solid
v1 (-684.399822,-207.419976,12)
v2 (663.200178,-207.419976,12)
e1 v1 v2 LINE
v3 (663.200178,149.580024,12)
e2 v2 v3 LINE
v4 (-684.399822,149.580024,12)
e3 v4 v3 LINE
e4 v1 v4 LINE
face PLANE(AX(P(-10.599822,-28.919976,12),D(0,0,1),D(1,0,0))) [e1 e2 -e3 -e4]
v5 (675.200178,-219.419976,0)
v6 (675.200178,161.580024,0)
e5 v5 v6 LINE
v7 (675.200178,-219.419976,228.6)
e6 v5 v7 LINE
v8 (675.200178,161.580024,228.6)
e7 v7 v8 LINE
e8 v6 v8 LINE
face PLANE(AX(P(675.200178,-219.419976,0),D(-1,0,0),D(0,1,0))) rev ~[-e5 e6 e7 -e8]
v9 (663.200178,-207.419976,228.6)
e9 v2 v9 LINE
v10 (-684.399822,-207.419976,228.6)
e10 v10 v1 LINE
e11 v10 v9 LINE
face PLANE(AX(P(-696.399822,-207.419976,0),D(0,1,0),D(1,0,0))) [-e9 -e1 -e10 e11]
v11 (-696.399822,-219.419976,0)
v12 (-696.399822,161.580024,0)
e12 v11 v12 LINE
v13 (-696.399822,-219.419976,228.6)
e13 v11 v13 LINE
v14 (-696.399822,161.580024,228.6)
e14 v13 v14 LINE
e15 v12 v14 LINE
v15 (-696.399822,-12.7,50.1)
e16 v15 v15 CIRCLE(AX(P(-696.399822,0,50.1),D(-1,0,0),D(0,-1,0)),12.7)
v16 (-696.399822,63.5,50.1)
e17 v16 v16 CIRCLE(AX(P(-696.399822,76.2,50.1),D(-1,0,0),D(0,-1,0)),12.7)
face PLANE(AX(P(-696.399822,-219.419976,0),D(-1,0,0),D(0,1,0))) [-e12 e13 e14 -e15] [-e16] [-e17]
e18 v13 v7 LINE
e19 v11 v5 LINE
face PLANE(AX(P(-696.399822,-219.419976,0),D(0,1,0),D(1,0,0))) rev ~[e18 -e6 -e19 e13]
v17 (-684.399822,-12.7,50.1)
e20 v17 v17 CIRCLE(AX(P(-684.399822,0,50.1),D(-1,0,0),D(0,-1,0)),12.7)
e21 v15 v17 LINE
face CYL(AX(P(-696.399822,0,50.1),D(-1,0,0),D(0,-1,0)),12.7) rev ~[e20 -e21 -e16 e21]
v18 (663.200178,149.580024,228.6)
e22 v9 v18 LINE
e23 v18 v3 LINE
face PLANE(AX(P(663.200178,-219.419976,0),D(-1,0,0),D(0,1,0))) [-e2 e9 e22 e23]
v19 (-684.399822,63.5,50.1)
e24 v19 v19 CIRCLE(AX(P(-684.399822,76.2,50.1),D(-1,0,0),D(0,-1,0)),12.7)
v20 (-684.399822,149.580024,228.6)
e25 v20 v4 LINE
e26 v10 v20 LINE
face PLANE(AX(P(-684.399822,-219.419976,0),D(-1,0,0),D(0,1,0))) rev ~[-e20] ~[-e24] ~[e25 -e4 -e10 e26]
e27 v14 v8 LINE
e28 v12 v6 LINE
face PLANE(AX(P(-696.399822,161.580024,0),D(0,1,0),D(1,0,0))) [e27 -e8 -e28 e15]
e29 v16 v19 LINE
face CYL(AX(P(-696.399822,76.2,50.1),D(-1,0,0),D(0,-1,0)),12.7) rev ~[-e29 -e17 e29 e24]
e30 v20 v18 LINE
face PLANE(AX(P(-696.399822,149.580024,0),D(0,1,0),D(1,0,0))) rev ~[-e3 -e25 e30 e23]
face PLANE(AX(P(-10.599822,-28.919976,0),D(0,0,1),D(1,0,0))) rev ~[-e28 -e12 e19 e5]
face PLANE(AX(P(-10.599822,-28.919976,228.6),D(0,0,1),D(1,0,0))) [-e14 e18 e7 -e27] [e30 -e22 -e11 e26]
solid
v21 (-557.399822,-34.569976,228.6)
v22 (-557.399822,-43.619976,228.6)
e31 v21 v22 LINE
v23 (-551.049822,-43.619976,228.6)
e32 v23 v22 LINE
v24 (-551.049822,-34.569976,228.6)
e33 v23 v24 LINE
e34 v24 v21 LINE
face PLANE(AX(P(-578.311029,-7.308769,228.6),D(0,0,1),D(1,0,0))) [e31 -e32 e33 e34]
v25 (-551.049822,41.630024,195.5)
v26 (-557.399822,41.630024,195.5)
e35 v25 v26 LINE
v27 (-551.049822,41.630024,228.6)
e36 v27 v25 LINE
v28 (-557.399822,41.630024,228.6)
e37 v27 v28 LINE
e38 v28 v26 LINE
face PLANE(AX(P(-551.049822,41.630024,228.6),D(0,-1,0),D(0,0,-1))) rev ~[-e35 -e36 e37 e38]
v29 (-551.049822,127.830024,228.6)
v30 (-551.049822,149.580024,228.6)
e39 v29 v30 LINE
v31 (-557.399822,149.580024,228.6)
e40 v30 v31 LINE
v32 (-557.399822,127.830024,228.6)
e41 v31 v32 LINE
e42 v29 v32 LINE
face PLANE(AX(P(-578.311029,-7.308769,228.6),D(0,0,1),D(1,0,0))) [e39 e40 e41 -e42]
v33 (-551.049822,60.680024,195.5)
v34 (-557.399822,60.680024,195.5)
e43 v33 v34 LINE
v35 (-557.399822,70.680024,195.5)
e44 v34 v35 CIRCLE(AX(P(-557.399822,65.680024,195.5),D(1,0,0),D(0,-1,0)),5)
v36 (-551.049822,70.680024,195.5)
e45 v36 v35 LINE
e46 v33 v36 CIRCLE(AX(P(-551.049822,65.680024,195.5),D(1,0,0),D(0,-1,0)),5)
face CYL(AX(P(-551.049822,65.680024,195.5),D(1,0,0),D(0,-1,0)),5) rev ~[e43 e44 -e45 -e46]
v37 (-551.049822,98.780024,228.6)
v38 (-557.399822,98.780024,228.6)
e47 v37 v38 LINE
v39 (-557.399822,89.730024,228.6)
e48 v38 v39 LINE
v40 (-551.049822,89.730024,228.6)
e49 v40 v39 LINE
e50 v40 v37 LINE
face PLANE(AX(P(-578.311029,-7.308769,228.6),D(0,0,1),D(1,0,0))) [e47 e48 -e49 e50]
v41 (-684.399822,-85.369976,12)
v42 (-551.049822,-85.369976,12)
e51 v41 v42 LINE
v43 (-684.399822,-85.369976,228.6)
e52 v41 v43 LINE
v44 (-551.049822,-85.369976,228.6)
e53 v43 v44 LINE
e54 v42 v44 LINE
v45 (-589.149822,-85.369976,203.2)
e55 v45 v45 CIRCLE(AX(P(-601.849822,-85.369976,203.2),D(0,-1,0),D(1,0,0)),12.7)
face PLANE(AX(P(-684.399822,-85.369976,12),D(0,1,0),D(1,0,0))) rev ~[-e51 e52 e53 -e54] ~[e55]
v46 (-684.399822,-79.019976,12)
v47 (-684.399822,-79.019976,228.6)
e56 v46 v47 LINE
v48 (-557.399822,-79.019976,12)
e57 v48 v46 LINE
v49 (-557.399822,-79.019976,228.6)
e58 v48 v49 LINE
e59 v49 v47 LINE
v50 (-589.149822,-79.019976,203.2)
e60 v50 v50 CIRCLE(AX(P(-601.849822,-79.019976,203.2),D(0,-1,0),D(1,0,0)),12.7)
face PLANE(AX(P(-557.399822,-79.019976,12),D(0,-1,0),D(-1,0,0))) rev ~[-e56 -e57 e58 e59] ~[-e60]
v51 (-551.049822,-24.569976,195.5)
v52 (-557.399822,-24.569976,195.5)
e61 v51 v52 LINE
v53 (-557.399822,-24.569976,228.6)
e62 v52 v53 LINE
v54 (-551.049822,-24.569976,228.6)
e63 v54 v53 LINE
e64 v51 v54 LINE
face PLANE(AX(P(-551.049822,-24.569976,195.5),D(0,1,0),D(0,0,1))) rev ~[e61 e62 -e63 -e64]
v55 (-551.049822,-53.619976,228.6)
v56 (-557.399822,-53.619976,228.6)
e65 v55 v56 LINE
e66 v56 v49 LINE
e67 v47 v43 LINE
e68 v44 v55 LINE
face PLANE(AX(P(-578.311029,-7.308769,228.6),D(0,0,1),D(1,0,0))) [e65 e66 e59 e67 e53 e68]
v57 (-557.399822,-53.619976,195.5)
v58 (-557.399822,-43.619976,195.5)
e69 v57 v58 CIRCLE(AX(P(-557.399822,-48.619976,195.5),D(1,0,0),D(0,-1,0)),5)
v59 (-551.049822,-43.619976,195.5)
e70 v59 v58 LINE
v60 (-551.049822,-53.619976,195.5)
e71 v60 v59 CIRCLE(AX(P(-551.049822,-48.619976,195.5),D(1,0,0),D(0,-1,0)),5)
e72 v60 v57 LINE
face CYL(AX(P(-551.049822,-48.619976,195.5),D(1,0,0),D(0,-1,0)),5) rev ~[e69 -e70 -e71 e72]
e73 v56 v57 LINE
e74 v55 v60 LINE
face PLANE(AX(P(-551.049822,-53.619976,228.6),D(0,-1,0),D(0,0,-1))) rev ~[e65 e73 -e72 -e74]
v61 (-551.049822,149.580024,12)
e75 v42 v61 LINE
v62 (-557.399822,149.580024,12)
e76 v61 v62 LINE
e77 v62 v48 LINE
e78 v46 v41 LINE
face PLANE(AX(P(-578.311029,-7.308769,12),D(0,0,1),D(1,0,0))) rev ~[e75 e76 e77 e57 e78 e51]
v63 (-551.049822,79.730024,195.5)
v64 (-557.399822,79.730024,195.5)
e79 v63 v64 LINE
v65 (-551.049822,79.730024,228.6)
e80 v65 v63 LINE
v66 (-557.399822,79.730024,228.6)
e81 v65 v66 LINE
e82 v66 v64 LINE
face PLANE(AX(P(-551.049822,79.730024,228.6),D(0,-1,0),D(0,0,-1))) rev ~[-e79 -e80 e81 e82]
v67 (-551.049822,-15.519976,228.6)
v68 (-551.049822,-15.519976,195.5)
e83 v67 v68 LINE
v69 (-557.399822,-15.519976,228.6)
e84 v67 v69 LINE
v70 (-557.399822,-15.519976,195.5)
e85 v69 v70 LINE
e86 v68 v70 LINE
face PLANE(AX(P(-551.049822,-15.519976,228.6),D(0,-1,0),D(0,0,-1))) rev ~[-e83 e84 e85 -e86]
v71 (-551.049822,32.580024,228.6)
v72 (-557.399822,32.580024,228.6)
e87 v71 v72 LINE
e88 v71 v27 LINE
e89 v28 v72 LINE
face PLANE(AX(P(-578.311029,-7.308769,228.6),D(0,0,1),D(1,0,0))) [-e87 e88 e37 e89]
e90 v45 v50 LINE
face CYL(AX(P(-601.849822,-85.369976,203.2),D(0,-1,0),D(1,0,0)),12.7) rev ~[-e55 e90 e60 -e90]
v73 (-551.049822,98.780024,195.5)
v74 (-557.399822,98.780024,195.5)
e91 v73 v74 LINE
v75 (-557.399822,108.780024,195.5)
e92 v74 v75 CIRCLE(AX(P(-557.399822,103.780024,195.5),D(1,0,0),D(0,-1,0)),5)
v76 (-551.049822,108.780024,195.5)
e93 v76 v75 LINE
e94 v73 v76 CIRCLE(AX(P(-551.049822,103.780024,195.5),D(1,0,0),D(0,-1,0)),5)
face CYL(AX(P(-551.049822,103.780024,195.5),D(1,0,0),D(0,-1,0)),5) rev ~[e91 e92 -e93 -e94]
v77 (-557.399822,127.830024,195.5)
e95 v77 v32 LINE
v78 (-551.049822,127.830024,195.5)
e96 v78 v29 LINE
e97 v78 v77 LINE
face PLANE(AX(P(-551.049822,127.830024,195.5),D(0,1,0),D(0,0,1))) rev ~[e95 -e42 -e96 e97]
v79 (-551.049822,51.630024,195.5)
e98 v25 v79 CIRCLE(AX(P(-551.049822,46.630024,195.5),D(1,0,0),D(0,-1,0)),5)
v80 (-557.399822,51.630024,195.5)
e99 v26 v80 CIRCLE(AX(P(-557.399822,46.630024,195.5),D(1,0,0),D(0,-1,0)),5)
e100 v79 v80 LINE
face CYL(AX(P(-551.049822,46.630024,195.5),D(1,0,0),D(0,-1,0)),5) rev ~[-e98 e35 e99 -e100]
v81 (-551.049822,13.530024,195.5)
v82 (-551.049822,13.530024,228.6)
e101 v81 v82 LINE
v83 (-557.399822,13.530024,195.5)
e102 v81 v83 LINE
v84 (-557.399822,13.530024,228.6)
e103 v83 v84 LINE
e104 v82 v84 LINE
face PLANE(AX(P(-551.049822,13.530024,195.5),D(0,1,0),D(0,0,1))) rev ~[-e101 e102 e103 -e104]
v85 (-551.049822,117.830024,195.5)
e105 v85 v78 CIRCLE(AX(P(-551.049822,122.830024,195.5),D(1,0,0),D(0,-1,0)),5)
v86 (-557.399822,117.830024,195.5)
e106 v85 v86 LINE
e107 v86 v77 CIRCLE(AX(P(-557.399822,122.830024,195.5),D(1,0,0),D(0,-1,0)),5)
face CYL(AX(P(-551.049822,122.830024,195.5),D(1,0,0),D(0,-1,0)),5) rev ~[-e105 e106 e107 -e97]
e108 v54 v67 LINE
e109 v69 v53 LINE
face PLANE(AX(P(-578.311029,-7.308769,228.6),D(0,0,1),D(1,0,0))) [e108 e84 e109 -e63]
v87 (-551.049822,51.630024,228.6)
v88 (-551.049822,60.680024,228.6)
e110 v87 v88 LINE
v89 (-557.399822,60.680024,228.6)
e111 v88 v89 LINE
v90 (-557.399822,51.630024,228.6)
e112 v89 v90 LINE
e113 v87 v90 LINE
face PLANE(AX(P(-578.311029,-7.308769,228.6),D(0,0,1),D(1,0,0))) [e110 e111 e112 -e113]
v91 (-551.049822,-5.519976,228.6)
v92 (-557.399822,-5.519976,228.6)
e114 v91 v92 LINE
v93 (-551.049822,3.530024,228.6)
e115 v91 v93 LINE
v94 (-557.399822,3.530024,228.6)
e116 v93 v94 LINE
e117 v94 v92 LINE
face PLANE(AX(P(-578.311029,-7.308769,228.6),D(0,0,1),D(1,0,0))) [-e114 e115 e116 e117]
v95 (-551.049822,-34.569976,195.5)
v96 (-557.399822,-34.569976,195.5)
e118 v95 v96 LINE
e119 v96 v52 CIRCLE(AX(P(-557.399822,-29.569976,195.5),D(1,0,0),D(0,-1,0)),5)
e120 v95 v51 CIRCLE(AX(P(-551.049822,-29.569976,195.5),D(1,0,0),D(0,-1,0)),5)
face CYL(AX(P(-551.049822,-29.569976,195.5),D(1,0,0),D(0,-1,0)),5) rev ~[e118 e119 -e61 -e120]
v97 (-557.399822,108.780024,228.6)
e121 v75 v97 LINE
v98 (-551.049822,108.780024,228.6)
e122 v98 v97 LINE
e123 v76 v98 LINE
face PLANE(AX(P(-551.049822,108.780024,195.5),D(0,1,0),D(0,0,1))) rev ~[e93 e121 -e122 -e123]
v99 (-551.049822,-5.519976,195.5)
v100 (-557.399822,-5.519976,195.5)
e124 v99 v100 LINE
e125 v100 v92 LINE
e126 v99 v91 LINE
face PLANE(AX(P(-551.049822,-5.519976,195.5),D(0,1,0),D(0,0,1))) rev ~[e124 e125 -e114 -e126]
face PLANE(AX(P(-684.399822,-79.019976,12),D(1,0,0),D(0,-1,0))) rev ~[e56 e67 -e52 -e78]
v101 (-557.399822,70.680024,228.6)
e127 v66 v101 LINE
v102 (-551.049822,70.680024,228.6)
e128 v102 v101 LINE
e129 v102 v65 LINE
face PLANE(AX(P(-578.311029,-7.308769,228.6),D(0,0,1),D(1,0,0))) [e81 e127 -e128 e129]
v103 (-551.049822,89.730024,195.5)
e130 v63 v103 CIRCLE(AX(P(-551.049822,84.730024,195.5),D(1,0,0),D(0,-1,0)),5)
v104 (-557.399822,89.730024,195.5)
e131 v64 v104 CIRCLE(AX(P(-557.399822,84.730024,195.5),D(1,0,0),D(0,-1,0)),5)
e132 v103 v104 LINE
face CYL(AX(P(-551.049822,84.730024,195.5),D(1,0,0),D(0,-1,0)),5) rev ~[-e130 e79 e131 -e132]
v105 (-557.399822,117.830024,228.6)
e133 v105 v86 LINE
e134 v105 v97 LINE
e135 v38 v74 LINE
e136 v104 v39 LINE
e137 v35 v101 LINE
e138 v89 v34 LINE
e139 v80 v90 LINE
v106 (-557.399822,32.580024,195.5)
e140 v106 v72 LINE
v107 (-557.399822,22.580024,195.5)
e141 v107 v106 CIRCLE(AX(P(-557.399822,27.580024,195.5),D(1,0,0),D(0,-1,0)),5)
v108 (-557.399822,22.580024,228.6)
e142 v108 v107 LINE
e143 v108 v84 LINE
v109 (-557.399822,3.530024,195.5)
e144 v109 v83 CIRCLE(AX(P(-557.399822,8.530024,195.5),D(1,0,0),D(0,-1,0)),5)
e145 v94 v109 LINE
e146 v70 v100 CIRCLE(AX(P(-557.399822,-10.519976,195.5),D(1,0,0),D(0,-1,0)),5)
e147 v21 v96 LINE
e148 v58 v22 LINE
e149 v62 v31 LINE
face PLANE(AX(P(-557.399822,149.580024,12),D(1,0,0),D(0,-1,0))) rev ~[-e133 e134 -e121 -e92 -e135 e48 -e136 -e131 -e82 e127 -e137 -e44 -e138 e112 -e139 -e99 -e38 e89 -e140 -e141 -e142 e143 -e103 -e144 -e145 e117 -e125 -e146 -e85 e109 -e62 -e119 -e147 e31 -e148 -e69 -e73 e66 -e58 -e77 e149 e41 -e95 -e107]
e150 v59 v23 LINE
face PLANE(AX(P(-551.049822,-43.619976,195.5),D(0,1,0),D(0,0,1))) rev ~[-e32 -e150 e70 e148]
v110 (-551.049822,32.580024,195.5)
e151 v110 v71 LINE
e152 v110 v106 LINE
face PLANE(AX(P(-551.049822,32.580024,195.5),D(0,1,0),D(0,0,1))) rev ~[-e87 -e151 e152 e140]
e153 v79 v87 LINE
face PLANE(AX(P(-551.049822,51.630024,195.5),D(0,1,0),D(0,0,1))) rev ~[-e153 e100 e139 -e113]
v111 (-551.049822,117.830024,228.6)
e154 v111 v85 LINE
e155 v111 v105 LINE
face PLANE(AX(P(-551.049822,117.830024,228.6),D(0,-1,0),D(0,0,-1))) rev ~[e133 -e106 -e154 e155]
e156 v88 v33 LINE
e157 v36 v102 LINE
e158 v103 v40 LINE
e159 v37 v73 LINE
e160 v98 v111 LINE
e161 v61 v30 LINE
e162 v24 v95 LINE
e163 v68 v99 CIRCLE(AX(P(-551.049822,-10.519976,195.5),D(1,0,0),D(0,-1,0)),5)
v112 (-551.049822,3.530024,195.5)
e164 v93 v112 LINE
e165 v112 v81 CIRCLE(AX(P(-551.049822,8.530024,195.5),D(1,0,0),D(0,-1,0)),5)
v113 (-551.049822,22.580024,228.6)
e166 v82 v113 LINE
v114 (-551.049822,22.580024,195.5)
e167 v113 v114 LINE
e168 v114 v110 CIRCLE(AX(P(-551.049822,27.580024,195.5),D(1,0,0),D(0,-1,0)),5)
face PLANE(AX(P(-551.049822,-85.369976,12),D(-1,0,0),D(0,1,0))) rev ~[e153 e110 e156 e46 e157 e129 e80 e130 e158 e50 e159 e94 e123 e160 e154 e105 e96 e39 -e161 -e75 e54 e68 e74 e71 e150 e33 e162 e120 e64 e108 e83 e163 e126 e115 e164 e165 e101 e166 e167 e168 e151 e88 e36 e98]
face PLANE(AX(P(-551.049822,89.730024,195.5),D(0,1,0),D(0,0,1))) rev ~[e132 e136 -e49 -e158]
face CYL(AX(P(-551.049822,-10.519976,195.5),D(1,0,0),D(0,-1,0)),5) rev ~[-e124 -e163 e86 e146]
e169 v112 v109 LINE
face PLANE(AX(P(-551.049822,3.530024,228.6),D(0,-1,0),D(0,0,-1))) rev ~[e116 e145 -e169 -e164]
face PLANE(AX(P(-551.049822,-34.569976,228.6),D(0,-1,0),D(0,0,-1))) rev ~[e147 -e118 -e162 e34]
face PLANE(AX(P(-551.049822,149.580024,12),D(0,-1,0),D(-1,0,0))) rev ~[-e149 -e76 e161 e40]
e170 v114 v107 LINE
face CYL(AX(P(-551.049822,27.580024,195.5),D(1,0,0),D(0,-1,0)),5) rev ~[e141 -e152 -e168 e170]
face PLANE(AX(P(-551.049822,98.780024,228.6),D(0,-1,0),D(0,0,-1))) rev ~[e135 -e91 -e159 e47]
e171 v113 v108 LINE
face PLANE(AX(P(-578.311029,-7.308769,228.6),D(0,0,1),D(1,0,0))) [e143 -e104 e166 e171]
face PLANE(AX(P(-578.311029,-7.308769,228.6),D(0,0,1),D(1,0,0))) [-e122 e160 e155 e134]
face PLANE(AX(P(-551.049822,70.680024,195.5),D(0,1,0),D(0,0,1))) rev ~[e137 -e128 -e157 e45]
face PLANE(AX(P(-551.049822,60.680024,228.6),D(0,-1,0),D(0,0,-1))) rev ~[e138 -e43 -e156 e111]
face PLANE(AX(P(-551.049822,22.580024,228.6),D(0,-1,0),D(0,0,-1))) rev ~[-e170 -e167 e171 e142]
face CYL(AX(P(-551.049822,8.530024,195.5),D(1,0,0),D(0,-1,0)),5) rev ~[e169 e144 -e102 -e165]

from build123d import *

# Parameters (mm, degrees)
F0_W      = 1371.6
F0_H      = 381
F1_DEPTH  = 228.6
F2_T      = -12
F4_DEPTH  = 216.6
F5_R      = 12.7
F6_DEPTH  = 25.4
F8_DEPTH  = 25.4
F9_R      = 12.7
F10_DEPTH = 25.4


with BuildPart() as f1:
    # F0 (on Top) → F1 (new body)
    with BuildSketch(Plane.XY):
        with Locations((-10.599822, -28.919976)):
            Rectangle(F0_W, F0_H)
    extrude(amount=F1_DEPTH)

    # F2
    f2_openings = [f1.faces().sort_by_distance(p)[0] for p in [
        (-10.599822, -28.919976, 228.6),
    ]]
    offset(amount=F2_T, openings=f2_openings)

    # F9 (on face) → F10 (cut)
    with BuildSketch(Plane(origin=(-696.399822, 0, 0), x_dir=(0, -1, 0), z_dir=(-1, 0, 0))):
        with Locations((-76.2, 50.1)):
            Circle(F9_R)
        with Locations((0, 50.1)):
            Circle(F9_R)
    extrude(amount=-F10_DEPTH, mode=Mode.SUBTRACT)


with BuildPart() as f4:
    # F3 (on face) → F4 (new body)
    with BuildSketch(Plane.XY.offset(12)):
        Polygon((-551.049822, 149.580024), (-557.399822, 149.580024), (-557.399822, -79.019976), (-684.399822, -79.019976), (-684.399822, -85.369976), (-551.049822, -85.369976), align=None)
    extrude(amount=F4_DEPTH)

    # F5 (on face) → F6 (cut)
    with BuildSketch(Plane.XZ.offset(85.369976)):
        with Locations((-601.849822, 203.2)):
            Circle(F5_R)
    extrude(amount=-F6_DEPTH, mode=Mode.SUBTRACT)

    # F7 (on face) → F8 (cut)
    with BuildSketch(Plane.YZ.offset(-551.049822)):
        with BuildLine():
            Line((-43.619976, 228.6), (-53.619976, 228.6))
            Line((-53.619976, 228.6), (-53.619976, 195.5))
            ThreePointArc((-53.619976, 195.5), (-48.619976, 190.5), (-43.619976, 195.5))
            Line((-43.619976, 195.5), (-43.619976, 228.6))
        make_face()
        with BuildLine():
            Line((-24.569976, 228.6), (-34.569976, 228.6))
            Line((-34.569976, 228.6), (-34.569976, 195.5))
            ThreePointArc((-34.569976, 195.5), (-29.569976, 190.5), (-24.569976, 195.5))
            Line((-24.569976, 195.5), (-24.569976, 228.6))
        make_face()
        with BuildLine():
            Line((-5.519976, 228.6), (-15.519976, 228.6))
            Line((-15.519976, 228.6), (-15.519976, 195.5))
            ThreePointArc((-15.519976, 195.5), (-10.519976, 190.5), (-5.519976, 195.5))
            Line((-5.519976, 195.5), (-5.519976, 228.6))
        make_face()
        with BuildLine():
            Line((13.530024, 228.6), (3.530024, 228.6))
            Line((3.530024, 228.6), (3.530024, 195.5))
            ThreePointArc((3.530024, 195.5), (8.530024, 190.5), (13.530024, 195.5))
            Line((13.530024, 195.5), (13.530024, 228.6))
        make_face()
        with BuildLine():
            Line((32.580024, 228.6), (22.580024, 228.6))
            Line((22.580024, 228.6), (22.580024, 195.5))
            ThreePointArc((22.580024, 195.5), (27.580024, 190.5), (32.580024, 195.5))
            Line((32.580024, 195.5), (32.580024, 228.6))
        make_face()
        with BuildLine():
            Line((51.630024, 228.6), (41.630024, 228.6))
            Line((41.630024, 228.6), (41.630024, 195.5))
            ThreePointArc((41.630024, 195.5), (46.630024, 190.5), (51.630024, 195.5))
            Line((51.630024, 195.5), (51.630024, 228.6))
        make_face()
        with BuildLine():
            Line((70.680024, 228.6), (60.680024, 228.6))
            Line((60.680024, 228.6), (60.680024, 195.5))
            ThreePointArc((60.680024, 195.5), (65.680024, 190.5), (70.680024, 195.5))
            Line((70.680024, 195.5), (70.680024, 228.6))
        make_face()
        with BuildLine():
            Line((89.730024, 228.6), (79.730024, 228.6))
            Line((79.730024, 228.6), (79.730024, 195.5))
            ThreePointArc((79.730024, 195.5), (84.730024, 190.5), (89.730024, 195.5))
            Line((89.730024, 195.5), (89.730024, 228.6))
        make_face()
        with BuildLine():
            Line((108.780024, 228.6), (98.780024, 228.6))
            Line((98.780024, 228.6), (98.780024, 195.5))
            ThreePointArc((98.780024, 195.5), (103.780024, 190.5), (108.780024, 195.5))
            Line((108.780024, 195.5), (108.780024, 228.6))
        make_face()
        with BuildLine():
            Line((127.830024, 228.6), (117.830024, 228.6))
            Line((117.830024, 228.6), (117.830024, 195.5))
            ThreePointArc((117.830024, 195.5), (122.830024, 190.5), (127.830024, 195.5))
            Line((127.830024, 195.5), (127.830024, 228.6))
        make_face()
    extrude(amount=-F8_DEPTH, mode=Mode.SUBTRACT)


solid = Compound([f1.part, f4.part])
